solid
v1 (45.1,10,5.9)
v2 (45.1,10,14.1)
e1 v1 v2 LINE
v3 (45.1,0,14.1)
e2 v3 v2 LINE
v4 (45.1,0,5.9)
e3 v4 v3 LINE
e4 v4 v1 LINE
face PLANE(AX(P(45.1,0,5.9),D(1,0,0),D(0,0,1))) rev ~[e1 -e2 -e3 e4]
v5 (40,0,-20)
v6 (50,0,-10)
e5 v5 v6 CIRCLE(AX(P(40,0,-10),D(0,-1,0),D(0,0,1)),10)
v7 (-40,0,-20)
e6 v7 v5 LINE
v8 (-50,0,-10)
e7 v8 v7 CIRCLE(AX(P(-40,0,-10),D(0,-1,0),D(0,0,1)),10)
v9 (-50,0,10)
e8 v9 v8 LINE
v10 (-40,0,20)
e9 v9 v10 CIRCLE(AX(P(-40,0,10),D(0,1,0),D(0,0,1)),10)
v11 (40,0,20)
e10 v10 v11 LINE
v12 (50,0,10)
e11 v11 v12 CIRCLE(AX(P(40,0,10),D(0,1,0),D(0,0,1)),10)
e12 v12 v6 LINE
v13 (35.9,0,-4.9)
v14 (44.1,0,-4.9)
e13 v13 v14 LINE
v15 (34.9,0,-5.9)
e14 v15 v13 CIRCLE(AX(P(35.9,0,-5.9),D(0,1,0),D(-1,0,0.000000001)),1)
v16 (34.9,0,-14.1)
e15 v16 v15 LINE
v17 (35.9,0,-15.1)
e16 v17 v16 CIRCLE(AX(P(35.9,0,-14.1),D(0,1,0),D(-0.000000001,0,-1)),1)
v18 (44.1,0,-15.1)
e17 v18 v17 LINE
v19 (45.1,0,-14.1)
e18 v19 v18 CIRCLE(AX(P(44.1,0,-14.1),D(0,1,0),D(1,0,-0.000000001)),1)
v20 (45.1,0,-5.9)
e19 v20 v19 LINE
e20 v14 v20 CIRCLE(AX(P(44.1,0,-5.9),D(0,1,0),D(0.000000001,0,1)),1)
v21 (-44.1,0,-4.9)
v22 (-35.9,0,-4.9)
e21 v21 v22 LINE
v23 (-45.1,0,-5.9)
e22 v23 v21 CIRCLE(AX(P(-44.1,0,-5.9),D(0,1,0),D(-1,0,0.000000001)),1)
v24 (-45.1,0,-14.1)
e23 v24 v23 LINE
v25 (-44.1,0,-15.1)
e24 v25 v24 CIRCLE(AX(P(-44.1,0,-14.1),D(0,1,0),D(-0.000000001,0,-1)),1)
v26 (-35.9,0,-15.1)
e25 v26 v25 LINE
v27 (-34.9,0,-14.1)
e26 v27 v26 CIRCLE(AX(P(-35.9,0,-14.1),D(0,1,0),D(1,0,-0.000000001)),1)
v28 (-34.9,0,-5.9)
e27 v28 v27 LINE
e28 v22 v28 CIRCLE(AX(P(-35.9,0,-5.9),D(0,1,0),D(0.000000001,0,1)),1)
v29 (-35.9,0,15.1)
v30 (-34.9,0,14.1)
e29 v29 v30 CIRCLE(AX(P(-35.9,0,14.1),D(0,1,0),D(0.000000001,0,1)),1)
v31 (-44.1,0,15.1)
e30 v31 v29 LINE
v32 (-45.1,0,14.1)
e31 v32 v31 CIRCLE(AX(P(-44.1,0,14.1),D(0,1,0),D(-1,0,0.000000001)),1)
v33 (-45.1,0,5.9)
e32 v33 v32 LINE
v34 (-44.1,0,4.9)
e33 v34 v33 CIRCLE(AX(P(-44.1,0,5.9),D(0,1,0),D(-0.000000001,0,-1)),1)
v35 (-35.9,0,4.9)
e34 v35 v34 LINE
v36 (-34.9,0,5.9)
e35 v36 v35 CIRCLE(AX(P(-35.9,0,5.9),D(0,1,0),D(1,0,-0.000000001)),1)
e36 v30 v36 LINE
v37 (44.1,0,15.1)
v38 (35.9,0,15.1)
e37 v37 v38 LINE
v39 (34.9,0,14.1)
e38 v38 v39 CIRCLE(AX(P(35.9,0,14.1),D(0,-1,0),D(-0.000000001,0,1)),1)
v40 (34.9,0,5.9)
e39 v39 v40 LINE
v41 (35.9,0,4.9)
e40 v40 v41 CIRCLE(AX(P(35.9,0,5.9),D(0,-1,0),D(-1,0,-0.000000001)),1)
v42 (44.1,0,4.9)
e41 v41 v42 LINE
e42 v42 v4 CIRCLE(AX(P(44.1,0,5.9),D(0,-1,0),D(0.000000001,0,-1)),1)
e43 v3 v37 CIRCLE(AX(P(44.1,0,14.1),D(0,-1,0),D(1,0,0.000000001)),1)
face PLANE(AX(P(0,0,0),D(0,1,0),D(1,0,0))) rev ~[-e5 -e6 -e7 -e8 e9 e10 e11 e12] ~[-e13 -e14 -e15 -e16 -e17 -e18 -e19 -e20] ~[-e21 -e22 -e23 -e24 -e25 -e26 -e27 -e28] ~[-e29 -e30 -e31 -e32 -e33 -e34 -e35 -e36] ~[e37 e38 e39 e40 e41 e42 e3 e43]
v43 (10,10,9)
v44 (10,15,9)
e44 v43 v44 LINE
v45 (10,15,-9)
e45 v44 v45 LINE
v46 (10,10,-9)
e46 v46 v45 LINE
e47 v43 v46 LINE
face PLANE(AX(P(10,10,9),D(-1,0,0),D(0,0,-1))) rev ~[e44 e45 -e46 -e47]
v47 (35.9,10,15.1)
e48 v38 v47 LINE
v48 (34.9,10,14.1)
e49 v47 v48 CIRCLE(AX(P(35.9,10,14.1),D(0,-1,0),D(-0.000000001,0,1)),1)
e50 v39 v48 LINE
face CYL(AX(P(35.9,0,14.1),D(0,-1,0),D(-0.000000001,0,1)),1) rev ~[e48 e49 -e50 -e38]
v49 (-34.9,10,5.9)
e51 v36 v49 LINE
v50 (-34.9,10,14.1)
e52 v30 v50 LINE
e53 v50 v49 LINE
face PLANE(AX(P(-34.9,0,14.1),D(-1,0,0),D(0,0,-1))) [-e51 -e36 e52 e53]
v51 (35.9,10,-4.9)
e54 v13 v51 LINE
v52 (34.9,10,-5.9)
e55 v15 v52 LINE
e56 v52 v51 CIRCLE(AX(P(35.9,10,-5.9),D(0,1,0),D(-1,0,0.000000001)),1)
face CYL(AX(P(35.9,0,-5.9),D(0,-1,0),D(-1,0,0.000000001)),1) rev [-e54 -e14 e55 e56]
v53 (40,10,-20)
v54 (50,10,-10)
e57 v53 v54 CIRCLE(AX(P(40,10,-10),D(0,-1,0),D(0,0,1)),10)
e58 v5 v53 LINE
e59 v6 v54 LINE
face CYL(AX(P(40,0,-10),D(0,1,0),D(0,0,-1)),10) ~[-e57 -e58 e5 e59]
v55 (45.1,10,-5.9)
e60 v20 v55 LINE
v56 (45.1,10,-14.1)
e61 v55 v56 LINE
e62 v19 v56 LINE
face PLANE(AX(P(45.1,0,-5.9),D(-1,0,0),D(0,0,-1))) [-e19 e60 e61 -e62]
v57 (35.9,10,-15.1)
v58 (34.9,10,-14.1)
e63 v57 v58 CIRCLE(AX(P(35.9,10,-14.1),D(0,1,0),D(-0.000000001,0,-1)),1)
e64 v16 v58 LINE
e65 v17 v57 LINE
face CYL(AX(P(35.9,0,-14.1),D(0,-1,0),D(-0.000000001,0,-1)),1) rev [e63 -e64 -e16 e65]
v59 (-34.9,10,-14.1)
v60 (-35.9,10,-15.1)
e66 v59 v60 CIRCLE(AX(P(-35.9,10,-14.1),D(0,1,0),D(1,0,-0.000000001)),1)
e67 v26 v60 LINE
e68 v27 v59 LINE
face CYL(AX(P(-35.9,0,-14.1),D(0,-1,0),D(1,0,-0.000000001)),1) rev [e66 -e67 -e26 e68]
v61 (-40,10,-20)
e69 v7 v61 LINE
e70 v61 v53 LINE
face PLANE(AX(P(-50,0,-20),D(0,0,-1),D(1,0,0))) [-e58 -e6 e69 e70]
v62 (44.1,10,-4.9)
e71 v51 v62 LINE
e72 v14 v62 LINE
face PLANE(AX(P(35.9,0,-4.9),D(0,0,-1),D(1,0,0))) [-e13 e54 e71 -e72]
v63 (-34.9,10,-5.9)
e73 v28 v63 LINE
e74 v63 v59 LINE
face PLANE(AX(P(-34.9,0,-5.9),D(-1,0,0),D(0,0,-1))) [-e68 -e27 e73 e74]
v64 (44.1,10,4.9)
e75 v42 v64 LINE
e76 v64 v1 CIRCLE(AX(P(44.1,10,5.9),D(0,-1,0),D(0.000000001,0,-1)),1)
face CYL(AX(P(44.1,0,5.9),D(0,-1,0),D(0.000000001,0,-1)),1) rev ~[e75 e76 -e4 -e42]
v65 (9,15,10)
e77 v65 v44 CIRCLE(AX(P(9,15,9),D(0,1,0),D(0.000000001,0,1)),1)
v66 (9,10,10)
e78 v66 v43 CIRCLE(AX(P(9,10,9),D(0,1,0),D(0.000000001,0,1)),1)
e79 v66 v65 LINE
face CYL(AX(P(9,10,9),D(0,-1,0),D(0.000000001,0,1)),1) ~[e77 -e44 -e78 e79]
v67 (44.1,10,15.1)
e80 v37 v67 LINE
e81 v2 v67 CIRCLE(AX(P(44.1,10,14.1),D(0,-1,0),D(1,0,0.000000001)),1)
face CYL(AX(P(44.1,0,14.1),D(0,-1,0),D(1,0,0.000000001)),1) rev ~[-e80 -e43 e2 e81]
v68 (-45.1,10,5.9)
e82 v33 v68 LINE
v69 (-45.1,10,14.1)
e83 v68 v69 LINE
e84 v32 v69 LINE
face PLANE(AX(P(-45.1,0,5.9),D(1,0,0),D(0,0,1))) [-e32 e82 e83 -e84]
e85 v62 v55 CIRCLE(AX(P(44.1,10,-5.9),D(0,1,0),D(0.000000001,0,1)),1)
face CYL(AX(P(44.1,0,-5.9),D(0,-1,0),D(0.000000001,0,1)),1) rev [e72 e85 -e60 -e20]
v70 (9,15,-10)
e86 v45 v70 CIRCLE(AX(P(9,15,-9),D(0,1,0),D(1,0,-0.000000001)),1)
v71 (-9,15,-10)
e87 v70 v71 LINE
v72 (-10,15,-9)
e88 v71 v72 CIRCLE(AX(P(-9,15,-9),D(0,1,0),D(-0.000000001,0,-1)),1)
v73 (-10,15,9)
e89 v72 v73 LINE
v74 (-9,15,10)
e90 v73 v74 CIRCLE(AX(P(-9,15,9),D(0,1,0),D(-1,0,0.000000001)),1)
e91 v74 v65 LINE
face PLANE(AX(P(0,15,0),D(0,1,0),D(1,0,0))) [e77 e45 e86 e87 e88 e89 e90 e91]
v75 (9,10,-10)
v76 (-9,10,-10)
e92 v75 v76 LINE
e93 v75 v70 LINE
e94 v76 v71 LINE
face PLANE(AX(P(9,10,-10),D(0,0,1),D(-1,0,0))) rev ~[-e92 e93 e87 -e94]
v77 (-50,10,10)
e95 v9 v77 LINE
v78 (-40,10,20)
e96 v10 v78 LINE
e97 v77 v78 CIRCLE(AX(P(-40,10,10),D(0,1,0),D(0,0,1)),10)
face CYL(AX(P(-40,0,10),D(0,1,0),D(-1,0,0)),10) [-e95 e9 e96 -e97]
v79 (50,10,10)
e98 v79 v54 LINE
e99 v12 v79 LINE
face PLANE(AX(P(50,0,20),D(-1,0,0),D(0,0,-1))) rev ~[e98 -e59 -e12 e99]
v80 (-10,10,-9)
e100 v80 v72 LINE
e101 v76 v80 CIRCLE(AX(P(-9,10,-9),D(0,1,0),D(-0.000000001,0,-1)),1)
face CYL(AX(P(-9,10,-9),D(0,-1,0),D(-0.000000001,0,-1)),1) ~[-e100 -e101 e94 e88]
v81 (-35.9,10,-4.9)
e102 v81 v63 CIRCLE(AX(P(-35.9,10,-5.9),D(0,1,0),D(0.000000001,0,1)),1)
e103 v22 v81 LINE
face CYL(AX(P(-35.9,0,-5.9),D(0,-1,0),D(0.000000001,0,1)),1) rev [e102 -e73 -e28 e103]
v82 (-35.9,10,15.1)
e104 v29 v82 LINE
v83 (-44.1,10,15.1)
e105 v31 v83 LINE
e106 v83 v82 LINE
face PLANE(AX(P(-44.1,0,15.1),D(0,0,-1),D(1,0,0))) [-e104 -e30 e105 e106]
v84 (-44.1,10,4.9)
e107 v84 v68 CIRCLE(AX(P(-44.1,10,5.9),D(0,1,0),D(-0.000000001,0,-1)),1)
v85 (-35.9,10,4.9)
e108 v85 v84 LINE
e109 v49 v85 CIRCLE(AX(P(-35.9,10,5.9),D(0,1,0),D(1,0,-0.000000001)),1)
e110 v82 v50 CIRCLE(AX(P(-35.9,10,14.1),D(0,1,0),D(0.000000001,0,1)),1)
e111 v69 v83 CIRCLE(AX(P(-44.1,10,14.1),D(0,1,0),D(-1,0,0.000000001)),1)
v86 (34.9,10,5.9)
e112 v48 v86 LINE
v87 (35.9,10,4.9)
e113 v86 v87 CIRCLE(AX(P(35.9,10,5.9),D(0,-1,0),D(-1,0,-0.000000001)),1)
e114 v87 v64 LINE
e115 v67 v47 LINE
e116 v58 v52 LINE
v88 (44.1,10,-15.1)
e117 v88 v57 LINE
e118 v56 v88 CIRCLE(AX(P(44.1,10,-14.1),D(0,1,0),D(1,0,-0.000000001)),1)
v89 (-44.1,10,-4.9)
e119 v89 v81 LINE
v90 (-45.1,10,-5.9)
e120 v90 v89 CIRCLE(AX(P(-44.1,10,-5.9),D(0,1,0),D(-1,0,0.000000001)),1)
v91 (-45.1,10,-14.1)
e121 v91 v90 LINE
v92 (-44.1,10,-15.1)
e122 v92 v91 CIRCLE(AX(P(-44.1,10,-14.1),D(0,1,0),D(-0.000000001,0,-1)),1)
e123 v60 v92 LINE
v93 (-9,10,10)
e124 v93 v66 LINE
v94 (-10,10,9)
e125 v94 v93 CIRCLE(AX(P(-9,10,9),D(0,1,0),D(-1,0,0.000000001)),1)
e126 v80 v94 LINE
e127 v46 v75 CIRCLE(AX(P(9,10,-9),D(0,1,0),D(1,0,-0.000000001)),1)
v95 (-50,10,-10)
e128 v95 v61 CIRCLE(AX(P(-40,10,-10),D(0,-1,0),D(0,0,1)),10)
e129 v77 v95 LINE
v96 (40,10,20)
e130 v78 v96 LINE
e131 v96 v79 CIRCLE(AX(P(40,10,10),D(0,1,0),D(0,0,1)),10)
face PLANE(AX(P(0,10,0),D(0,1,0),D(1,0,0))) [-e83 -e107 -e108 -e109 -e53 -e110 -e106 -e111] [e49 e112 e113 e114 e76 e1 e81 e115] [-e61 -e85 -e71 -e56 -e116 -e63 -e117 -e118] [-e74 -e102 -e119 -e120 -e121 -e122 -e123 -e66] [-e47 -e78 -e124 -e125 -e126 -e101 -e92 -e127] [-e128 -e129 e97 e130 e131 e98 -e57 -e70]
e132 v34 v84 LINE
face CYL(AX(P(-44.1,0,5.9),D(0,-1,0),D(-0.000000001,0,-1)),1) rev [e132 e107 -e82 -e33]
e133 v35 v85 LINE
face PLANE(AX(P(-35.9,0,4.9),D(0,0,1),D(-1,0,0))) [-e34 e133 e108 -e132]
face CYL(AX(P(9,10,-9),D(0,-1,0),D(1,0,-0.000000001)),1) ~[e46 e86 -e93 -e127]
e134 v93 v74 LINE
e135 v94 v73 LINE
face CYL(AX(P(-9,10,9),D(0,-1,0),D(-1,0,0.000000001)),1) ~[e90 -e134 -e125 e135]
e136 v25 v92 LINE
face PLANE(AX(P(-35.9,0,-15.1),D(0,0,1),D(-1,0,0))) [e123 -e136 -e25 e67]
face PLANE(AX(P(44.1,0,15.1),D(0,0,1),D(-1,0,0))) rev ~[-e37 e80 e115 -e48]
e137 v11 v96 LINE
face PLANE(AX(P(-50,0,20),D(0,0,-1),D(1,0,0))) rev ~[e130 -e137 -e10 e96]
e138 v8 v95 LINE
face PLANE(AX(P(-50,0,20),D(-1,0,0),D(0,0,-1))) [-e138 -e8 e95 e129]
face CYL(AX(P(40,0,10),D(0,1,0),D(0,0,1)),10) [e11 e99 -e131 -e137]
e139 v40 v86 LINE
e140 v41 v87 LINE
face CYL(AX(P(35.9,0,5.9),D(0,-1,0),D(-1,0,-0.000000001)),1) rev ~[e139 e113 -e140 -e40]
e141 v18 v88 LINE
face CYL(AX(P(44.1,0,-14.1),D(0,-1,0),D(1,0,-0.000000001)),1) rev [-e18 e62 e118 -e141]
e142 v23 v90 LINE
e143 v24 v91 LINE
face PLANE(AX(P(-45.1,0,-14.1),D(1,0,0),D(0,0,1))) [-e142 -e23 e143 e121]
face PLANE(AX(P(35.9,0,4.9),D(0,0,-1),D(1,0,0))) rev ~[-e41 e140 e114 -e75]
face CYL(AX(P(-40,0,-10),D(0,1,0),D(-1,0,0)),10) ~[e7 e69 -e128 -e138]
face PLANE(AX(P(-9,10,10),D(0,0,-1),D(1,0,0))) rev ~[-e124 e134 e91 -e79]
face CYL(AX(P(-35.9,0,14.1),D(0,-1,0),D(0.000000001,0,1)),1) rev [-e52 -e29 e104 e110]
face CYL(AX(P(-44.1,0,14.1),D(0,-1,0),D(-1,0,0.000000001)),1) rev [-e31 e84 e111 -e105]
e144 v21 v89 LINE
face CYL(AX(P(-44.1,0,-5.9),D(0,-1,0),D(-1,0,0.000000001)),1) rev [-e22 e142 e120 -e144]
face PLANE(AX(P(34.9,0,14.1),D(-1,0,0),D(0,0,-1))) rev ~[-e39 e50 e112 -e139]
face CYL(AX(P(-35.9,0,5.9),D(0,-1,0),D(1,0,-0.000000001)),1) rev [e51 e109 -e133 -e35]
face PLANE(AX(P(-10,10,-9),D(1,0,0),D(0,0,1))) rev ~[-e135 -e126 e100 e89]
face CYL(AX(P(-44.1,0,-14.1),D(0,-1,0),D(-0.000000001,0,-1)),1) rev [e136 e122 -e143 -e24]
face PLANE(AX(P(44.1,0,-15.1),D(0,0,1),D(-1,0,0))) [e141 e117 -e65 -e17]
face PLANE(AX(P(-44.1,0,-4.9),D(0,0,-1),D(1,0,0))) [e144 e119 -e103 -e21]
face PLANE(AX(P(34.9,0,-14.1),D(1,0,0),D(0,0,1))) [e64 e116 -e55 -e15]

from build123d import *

# Parameters (mm, degrees)
SKETCH_1_W      = 100
SKETCH_1_H      = 40
EXTRUDE_1_DEPTH = 10
FILLET_1_R      = 10
EXTRUDE_2_DEPTH = 5


with BuildPart() as part:
    # ｽｹｯﾁ1 → ﾎﾞｽ - 押し出し1 (new body)
    with BuildSketch(Plane(origin=(0, 0, 0), x_dir=(1, 0, 0), z_dir=(0, 1, 0))):
        Rectangle(SKETCH_1_W, SKETCH_1_H)
        with BuildLine():
            Line((44.1, 15.1), (35.9, 15.1))
            ThreePointArc((35.9, 15.1), (35.192893219, 14.807106781), (34.9, 14.1))
            Line((34.9, 14.1), (34.9, 5.9))
            ThreePointArc((34.9, 5.9), (35.192893219, 5.192893219), (35.9, 4.9))
            Line((35.9, 4.9), (44.1, 4.9))
            ThreePointArc((44.1, 4.9), (44.807106781, 5.192893219), (45.1, 5.9))
            Line((45.1, 5.9), (45.1, 14.1))
            ThreePointArc((45.1, 14.1), (44.807106781, 14.807106781), (44.1, 15.1))
        make_face(mode=Mode.SUBTRACT)
        with BuildLine():
            Line((-44.1, 4.9), (-35.9, 4.9))
            ThreePointArc((-35.9, 4.9), (-35.192893219, 5.192893219), (-34.9, 5.9))
            Line((-34.9, 5.9), (-34.9, 14.1))
            ThreePointArc((-34.9, 14.1), (-35.192893219, 14.807106781), (-35.9, 15.1))
            Line((-35.9, 15.1), (-44.1, 15.1))
            ThreePointArc((-44.1, 15.1), (-44.807106781, 14.807106781), (-45.1, 14.1))
            Line((-45.1, 14.1), (-45.1, 5.9))
            ThreePointArc((-45.1, 5.9), (-44.807106781, 5.192893219), (-44.1, 4.9))
        make_face(mode=Mode.SUBTRACT)
        with BuildLine():
            Line((45.1, -5.9), (45.1, -14.1))
            ThreePointArc((45.1, -14.1), (44.807106781, -14.807106781), (44.1, -15.1))
            Line((44.1, -15.1), (35.9, -15.1))
            ThreePointArc((35.9, -15.1), (35.192893219, -14.807106781), (34.9, -14.1))
            Line((34.9, -14.1), (34.9, -5.9))
            ThreePointArc((34.9, -5.9), (35.192893219, -5.192893219), (35.9, -4.9))
            Line((35.9, -4.9), (44.1, -4.9))
            ThreePointArc((44.1, -4.9), (44.807106781, -5.192893219), (45.1, -5.9))
        make_face(mode=Mode.SUBTRACT)
        with BuildLine():
            Line((-44.1, -15.1), (-35.9, -15.1))
            ThreePointArc((-35.9, -15.1), (-35.192893219, -14.807106781), (-34.9, -14.1))
            Line((-34.9, -14.1), (-34.9, -5.9))
            ThreePointArc((-34.9, -5.9), (-35.192893219, -5.192893219), (-35.9, -4.9))
            Line((-35.9, -4.9), (-44.1, -4.9))
            ThreePointArc((-44.1, -4.9), (-44.807106781, -5.192893219), (-45.1, -5.9))
            Line((-45.1, -5.9), (-45.1, -14.1))
            ThreePointArc((-45.1, -14.1), (-44.807106781, -14.807106781), (-44.1, -15.1))
        make_face(mode=Mode.SUBTRACT)
    extrude(amount=EXTRUDE_1_DEPTH)

    # ﾌｨﾚｯﾄ1
    fillet_1_edges = [part.edges().sort_by_distance(p)[0] for p in [
        (50, 5, 20),
        (-50, 5, 20),
        (-50, 5, -20),
        (50, 5, -20),
    ]]
    fillet(fillet_1_edges, radius=FILLET_1_R)

    # ｽｹｯﾁ2 → ﾎﾞｽ - 押し出し2 (add)
    with BuildSketch(Plane(origin=(0, 10, 0), x_dir=(1, 0, 0), z_dir=(0, 1, 0))):
        with BuildLine():
            Line((-9, -10), (9, -10))
            ThreePointArc((9, -10), (9.707106781, -9.707106781), (10, -9))
            Line((10, -9), (10, 9))
            ThreePointArc((10, 9), (9.707106781, 9.707106781), (9, 10))
            Line((9, 10), (-9, 10))
            ThreePointArc((-9, 10), (-9.707106781, 9.707106781), (-10, 9))
            Line((-10, 9), (-10, -9))
            ThreePointArc((-10, -9), (-9.707106781, -9.707106781), (-9, -10))
        make_face()
    extrude(amount=EXTRUDE_2_DEPTH)


solid = part.part
